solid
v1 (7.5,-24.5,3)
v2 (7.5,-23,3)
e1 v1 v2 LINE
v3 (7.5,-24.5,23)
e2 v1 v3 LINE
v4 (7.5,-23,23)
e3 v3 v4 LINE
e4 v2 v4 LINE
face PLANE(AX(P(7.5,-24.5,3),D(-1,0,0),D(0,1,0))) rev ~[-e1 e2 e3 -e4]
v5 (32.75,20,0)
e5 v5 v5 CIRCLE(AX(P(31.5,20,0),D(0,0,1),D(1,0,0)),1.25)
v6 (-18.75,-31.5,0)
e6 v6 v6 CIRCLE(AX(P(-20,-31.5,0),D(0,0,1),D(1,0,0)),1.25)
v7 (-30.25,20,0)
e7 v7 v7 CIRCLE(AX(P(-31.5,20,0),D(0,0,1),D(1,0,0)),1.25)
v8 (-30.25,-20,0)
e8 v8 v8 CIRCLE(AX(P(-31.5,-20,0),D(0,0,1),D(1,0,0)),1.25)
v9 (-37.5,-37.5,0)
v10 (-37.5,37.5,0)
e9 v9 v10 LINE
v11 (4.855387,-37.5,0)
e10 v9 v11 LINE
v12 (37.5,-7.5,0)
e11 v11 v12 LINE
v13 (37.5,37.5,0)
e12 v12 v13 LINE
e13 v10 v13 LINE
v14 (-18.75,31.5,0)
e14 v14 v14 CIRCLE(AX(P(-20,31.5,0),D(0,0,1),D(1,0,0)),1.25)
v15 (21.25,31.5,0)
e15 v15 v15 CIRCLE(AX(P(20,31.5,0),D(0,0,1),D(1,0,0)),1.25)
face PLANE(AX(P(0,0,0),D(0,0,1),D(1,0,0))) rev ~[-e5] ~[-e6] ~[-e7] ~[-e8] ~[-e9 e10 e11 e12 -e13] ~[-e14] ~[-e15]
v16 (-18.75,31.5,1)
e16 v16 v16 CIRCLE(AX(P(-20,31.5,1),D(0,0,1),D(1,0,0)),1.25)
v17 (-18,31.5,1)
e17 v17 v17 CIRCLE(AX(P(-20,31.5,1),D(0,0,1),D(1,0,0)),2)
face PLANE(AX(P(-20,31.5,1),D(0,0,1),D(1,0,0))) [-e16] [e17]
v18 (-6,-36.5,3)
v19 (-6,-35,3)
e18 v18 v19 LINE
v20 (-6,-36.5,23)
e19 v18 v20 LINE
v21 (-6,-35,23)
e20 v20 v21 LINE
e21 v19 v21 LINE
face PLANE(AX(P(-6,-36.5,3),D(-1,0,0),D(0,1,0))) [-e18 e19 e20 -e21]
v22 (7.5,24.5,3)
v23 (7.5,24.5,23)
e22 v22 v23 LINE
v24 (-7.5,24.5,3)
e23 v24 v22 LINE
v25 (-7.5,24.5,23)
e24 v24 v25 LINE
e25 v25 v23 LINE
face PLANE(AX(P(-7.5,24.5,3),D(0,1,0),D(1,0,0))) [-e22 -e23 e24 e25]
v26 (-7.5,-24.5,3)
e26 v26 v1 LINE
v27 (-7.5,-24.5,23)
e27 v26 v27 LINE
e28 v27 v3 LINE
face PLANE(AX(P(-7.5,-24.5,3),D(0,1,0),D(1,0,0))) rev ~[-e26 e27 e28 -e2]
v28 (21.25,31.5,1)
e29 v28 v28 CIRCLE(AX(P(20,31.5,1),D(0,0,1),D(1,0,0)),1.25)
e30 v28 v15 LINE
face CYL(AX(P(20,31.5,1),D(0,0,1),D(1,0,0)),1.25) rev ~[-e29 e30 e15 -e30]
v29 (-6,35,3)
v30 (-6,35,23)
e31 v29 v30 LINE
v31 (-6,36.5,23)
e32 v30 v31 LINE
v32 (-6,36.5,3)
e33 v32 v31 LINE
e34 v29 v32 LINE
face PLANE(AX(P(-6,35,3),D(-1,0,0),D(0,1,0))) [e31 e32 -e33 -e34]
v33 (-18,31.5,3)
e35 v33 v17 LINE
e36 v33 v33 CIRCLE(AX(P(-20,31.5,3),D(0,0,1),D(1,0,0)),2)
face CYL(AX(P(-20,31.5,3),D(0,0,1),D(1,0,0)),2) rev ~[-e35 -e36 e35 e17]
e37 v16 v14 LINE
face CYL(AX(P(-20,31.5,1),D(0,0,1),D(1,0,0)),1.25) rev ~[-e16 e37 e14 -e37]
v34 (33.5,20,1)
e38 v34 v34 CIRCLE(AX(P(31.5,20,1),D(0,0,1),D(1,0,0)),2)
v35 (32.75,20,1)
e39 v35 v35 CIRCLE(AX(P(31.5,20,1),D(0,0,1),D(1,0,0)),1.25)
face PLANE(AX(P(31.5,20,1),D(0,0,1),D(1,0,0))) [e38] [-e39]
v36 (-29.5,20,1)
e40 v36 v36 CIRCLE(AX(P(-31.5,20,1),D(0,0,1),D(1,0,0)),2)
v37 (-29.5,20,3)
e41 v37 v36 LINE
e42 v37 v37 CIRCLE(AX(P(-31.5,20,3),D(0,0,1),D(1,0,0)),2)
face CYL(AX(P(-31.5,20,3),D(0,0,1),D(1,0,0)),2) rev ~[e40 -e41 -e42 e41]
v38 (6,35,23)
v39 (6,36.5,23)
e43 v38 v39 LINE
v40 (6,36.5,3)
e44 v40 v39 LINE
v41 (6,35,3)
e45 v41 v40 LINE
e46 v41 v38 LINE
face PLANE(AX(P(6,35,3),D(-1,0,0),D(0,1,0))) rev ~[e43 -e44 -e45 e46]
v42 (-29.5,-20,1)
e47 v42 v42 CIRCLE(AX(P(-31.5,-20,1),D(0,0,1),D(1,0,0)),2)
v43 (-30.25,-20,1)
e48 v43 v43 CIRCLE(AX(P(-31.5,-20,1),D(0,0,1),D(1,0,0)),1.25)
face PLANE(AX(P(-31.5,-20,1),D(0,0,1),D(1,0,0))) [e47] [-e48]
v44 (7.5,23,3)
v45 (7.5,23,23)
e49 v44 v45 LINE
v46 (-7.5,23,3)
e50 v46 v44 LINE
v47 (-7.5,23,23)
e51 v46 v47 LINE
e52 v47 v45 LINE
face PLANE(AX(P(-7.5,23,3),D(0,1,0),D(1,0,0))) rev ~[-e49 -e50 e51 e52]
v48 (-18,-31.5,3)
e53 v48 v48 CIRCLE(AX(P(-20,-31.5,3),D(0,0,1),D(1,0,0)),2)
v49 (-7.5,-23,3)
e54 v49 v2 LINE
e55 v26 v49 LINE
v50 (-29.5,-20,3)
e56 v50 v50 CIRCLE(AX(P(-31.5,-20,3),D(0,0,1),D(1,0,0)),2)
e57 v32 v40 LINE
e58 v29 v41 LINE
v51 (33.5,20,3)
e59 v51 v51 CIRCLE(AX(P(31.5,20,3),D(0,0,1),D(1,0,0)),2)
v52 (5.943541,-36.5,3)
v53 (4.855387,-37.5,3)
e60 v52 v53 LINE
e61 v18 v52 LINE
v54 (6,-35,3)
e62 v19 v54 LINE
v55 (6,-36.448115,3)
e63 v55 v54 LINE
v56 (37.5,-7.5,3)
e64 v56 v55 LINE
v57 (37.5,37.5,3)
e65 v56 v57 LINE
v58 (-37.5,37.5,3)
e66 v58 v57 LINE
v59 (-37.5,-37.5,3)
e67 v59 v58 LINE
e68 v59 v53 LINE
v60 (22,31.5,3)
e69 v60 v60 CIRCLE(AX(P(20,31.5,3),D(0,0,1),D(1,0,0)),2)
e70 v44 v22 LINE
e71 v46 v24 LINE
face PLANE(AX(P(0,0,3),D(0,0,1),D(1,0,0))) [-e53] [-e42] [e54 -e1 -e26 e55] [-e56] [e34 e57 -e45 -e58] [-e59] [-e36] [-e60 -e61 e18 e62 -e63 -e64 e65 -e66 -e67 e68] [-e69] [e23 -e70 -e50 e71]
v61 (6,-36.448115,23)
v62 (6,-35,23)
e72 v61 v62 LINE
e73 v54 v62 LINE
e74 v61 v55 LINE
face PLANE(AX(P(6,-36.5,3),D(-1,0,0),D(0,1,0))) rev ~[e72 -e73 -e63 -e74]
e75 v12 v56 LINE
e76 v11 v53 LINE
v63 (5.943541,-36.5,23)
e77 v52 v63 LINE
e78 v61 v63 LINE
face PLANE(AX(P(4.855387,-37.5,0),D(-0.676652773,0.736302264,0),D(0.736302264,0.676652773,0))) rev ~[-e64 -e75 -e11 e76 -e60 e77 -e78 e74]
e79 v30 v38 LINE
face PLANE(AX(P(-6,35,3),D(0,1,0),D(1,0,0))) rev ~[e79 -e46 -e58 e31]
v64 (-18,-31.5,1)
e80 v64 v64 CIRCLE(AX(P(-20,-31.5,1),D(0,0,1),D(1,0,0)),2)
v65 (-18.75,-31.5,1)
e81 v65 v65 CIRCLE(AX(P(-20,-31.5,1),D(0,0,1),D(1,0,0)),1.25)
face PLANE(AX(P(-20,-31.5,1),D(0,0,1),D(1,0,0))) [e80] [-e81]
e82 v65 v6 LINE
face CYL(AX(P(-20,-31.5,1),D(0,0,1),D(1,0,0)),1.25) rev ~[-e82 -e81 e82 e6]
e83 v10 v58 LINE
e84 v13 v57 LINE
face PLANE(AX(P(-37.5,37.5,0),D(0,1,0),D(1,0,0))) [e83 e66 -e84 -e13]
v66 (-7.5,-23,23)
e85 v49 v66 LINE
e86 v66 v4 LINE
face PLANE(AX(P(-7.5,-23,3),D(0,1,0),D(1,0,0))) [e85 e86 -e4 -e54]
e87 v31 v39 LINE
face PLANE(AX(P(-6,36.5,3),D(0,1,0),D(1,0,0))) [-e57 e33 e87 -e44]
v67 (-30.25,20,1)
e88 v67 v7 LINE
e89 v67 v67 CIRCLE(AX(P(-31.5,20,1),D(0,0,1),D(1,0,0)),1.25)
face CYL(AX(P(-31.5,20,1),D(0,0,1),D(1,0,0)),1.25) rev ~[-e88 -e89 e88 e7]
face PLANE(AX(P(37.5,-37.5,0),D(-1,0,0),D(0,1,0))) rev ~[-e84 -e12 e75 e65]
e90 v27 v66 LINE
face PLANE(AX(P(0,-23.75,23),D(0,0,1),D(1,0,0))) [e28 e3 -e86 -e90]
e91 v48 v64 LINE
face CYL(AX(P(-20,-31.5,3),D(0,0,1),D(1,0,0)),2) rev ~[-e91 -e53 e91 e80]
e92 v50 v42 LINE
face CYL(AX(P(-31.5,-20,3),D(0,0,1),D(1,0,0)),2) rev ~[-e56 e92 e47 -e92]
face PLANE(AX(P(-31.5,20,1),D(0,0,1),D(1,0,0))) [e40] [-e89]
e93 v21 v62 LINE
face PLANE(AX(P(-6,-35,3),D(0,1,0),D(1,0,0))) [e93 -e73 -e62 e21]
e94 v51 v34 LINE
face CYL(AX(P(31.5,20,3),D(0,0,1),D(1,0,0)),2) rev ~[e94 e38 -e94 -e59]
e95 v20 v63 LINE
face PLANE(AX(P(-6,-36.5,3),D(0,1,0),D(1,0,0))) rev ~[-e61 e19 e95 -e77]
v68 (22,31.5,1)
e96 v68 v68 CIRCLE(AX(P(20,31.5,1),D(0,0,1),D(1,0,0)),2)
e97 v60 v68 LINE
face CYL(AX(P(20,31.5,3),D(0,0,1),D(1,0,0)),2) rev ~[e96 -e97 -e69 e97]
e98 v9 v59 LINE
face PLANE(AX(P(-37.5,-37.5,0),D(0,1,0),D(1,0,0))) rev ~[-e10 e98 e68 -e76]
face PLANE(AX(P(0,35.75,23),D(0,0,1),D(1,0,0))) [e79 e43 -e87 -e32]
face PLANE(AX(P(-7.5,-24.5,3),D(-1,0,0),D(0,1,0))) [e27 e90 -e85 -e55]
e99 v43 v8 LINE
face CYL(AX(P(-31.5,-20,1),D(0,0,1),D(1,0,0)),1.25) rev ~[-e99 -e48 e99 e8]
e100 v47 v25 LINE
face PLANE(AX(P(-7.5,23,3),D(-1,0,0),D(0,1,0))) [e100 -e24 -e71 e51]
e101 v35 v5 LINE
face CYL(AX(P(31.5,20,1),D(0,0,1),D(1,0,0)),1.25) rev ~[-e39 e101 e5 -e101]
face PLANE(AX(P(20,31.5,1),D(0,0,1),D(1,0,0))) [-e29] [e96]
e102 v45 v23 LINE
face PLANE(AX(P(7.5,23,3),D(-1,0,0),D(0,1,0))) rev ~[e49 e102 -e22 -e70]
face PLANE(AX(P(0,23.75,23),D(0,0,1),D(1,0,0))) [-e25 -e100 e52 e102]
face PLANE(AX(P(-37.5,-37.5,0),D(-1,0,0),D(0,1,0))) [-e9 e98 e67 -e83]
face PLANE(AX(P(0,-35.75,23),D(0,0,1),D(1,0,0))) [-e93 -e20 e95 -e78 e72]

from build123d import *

# Parameters (mm, degrees)
F0_W      = 75
F0_H      = 75
F1_DEPTH  = 3
F2_R      = 2
F3_DEPTH  = 2
F4_R      = 1.25
F5_DEPTH  = 1.001
F6_W      = 15
F6_H      = 1.5
F7_DEPTH  = 20
F8_W      = 12
F8_H      = 1.5
F9_DEPTH  = 20
F10_R     = 1.25
F11_DEPTH = 23.001


with BuildPart() as f1:
    # F0 (on Top) → F1 (new body)
    with BuildSketch(Plane.XY):
        Rectangle(F0_W, F0_H)
    extrude(amount=F1_DEPTH)

    # F2 (on face) → F3 (cut)
    with BuildSketch(Plane.XY.offset(3)):
        with Locations((31.5, -20)):
            Circle(F2_R)
        with Locations((20, -31.5)):
            Circle(F2_R)
        with Locations((31.5, 20)):
            Circle(F2_R)
        with Locations((20, 31.5)):
            Circle(F2_R)
        with Locations((-20, 31.5)):
            Circle(F2_R)
        with Locations((-31.5, 20)):
            Circle(F2_R)
        with Locations((-20, -31.5)):
            Circle(F2_R)
        with Locations((-31.5, -20)):
            Circle(F2_R)
    extrude(amount=-F3_DEPTH, mode=Mode.SUBTRACT)

    # F4 (on face) → F5 (cut, through all)
    with BuildSketch(Plane.XY.offset(1)):
        with Locations((-31.5, 20)):
            Circle(F4_R)
        with Locations((-20, 31.5)):
            Circle(F4_R)
        with Locations((20, 31.5)):
            Circle(F4_R)
        with Locations((31.5, 20)):
            Circle(F4_R)
        with Locations((-31.5, -20)):
            Circle(F4_R)
        with Locations((31.5, -20)):
            Circle(F4_R)
        with Locations((20, -31.5)):
            Circle(F4_R)
        with Locations((-20, -31.5)):
            Circle(F4_R)
    extrude(amount=-F5_DEPTH, mode=Mode.SUBTRACT)

    # F6 (on face) → F7 (join)
    with BuildSketch(Plane.XY.offset(3)):
        with Locations((0, -23.75)):
            Rectangle(F6_W, F6_H)
        with Locations((0, 23.75)):
            Rectangle(F6_W, F6_H)
    extrude(amount=F7_DEPTH)

    # F8 (on face) → F9 (join)
    with BuildSketch(Plane.XY.offset(3)):
        with Locations((0, -35.75)):
            Rectangle(F8_W, F8_H)
        with Locations((0, 35.75)):
            Rectangle(F8_W, F8_H)
    extrude(amount=F9_DEPTH)

    # F10 (on face) → F11 (cut, through all)
    with BuildSketch(Plane(origin=(0, 0, 0), x_dir=(1, 0, 0), z_dir=(0, 0, -1))):
        Polygon((37.5, 37.5), (4.855387, 37.5), (37.5, 7.5), align=None)
        Polygon((37.5, 37.5), (4.855387, 37.5), (37.5, 7.5), align=None)
        with Locations((31.5, 20)):
            Circle(F10_R, mode=Mode.SUBTRACT)
        with Locations((20, 31.5)):
            Circle(F10_R, mode=Mode.SUBTRACT)
    extrude(amount=-F11_DEPTH, mode=Mode.SUBTRACT)


solid = f1.part
